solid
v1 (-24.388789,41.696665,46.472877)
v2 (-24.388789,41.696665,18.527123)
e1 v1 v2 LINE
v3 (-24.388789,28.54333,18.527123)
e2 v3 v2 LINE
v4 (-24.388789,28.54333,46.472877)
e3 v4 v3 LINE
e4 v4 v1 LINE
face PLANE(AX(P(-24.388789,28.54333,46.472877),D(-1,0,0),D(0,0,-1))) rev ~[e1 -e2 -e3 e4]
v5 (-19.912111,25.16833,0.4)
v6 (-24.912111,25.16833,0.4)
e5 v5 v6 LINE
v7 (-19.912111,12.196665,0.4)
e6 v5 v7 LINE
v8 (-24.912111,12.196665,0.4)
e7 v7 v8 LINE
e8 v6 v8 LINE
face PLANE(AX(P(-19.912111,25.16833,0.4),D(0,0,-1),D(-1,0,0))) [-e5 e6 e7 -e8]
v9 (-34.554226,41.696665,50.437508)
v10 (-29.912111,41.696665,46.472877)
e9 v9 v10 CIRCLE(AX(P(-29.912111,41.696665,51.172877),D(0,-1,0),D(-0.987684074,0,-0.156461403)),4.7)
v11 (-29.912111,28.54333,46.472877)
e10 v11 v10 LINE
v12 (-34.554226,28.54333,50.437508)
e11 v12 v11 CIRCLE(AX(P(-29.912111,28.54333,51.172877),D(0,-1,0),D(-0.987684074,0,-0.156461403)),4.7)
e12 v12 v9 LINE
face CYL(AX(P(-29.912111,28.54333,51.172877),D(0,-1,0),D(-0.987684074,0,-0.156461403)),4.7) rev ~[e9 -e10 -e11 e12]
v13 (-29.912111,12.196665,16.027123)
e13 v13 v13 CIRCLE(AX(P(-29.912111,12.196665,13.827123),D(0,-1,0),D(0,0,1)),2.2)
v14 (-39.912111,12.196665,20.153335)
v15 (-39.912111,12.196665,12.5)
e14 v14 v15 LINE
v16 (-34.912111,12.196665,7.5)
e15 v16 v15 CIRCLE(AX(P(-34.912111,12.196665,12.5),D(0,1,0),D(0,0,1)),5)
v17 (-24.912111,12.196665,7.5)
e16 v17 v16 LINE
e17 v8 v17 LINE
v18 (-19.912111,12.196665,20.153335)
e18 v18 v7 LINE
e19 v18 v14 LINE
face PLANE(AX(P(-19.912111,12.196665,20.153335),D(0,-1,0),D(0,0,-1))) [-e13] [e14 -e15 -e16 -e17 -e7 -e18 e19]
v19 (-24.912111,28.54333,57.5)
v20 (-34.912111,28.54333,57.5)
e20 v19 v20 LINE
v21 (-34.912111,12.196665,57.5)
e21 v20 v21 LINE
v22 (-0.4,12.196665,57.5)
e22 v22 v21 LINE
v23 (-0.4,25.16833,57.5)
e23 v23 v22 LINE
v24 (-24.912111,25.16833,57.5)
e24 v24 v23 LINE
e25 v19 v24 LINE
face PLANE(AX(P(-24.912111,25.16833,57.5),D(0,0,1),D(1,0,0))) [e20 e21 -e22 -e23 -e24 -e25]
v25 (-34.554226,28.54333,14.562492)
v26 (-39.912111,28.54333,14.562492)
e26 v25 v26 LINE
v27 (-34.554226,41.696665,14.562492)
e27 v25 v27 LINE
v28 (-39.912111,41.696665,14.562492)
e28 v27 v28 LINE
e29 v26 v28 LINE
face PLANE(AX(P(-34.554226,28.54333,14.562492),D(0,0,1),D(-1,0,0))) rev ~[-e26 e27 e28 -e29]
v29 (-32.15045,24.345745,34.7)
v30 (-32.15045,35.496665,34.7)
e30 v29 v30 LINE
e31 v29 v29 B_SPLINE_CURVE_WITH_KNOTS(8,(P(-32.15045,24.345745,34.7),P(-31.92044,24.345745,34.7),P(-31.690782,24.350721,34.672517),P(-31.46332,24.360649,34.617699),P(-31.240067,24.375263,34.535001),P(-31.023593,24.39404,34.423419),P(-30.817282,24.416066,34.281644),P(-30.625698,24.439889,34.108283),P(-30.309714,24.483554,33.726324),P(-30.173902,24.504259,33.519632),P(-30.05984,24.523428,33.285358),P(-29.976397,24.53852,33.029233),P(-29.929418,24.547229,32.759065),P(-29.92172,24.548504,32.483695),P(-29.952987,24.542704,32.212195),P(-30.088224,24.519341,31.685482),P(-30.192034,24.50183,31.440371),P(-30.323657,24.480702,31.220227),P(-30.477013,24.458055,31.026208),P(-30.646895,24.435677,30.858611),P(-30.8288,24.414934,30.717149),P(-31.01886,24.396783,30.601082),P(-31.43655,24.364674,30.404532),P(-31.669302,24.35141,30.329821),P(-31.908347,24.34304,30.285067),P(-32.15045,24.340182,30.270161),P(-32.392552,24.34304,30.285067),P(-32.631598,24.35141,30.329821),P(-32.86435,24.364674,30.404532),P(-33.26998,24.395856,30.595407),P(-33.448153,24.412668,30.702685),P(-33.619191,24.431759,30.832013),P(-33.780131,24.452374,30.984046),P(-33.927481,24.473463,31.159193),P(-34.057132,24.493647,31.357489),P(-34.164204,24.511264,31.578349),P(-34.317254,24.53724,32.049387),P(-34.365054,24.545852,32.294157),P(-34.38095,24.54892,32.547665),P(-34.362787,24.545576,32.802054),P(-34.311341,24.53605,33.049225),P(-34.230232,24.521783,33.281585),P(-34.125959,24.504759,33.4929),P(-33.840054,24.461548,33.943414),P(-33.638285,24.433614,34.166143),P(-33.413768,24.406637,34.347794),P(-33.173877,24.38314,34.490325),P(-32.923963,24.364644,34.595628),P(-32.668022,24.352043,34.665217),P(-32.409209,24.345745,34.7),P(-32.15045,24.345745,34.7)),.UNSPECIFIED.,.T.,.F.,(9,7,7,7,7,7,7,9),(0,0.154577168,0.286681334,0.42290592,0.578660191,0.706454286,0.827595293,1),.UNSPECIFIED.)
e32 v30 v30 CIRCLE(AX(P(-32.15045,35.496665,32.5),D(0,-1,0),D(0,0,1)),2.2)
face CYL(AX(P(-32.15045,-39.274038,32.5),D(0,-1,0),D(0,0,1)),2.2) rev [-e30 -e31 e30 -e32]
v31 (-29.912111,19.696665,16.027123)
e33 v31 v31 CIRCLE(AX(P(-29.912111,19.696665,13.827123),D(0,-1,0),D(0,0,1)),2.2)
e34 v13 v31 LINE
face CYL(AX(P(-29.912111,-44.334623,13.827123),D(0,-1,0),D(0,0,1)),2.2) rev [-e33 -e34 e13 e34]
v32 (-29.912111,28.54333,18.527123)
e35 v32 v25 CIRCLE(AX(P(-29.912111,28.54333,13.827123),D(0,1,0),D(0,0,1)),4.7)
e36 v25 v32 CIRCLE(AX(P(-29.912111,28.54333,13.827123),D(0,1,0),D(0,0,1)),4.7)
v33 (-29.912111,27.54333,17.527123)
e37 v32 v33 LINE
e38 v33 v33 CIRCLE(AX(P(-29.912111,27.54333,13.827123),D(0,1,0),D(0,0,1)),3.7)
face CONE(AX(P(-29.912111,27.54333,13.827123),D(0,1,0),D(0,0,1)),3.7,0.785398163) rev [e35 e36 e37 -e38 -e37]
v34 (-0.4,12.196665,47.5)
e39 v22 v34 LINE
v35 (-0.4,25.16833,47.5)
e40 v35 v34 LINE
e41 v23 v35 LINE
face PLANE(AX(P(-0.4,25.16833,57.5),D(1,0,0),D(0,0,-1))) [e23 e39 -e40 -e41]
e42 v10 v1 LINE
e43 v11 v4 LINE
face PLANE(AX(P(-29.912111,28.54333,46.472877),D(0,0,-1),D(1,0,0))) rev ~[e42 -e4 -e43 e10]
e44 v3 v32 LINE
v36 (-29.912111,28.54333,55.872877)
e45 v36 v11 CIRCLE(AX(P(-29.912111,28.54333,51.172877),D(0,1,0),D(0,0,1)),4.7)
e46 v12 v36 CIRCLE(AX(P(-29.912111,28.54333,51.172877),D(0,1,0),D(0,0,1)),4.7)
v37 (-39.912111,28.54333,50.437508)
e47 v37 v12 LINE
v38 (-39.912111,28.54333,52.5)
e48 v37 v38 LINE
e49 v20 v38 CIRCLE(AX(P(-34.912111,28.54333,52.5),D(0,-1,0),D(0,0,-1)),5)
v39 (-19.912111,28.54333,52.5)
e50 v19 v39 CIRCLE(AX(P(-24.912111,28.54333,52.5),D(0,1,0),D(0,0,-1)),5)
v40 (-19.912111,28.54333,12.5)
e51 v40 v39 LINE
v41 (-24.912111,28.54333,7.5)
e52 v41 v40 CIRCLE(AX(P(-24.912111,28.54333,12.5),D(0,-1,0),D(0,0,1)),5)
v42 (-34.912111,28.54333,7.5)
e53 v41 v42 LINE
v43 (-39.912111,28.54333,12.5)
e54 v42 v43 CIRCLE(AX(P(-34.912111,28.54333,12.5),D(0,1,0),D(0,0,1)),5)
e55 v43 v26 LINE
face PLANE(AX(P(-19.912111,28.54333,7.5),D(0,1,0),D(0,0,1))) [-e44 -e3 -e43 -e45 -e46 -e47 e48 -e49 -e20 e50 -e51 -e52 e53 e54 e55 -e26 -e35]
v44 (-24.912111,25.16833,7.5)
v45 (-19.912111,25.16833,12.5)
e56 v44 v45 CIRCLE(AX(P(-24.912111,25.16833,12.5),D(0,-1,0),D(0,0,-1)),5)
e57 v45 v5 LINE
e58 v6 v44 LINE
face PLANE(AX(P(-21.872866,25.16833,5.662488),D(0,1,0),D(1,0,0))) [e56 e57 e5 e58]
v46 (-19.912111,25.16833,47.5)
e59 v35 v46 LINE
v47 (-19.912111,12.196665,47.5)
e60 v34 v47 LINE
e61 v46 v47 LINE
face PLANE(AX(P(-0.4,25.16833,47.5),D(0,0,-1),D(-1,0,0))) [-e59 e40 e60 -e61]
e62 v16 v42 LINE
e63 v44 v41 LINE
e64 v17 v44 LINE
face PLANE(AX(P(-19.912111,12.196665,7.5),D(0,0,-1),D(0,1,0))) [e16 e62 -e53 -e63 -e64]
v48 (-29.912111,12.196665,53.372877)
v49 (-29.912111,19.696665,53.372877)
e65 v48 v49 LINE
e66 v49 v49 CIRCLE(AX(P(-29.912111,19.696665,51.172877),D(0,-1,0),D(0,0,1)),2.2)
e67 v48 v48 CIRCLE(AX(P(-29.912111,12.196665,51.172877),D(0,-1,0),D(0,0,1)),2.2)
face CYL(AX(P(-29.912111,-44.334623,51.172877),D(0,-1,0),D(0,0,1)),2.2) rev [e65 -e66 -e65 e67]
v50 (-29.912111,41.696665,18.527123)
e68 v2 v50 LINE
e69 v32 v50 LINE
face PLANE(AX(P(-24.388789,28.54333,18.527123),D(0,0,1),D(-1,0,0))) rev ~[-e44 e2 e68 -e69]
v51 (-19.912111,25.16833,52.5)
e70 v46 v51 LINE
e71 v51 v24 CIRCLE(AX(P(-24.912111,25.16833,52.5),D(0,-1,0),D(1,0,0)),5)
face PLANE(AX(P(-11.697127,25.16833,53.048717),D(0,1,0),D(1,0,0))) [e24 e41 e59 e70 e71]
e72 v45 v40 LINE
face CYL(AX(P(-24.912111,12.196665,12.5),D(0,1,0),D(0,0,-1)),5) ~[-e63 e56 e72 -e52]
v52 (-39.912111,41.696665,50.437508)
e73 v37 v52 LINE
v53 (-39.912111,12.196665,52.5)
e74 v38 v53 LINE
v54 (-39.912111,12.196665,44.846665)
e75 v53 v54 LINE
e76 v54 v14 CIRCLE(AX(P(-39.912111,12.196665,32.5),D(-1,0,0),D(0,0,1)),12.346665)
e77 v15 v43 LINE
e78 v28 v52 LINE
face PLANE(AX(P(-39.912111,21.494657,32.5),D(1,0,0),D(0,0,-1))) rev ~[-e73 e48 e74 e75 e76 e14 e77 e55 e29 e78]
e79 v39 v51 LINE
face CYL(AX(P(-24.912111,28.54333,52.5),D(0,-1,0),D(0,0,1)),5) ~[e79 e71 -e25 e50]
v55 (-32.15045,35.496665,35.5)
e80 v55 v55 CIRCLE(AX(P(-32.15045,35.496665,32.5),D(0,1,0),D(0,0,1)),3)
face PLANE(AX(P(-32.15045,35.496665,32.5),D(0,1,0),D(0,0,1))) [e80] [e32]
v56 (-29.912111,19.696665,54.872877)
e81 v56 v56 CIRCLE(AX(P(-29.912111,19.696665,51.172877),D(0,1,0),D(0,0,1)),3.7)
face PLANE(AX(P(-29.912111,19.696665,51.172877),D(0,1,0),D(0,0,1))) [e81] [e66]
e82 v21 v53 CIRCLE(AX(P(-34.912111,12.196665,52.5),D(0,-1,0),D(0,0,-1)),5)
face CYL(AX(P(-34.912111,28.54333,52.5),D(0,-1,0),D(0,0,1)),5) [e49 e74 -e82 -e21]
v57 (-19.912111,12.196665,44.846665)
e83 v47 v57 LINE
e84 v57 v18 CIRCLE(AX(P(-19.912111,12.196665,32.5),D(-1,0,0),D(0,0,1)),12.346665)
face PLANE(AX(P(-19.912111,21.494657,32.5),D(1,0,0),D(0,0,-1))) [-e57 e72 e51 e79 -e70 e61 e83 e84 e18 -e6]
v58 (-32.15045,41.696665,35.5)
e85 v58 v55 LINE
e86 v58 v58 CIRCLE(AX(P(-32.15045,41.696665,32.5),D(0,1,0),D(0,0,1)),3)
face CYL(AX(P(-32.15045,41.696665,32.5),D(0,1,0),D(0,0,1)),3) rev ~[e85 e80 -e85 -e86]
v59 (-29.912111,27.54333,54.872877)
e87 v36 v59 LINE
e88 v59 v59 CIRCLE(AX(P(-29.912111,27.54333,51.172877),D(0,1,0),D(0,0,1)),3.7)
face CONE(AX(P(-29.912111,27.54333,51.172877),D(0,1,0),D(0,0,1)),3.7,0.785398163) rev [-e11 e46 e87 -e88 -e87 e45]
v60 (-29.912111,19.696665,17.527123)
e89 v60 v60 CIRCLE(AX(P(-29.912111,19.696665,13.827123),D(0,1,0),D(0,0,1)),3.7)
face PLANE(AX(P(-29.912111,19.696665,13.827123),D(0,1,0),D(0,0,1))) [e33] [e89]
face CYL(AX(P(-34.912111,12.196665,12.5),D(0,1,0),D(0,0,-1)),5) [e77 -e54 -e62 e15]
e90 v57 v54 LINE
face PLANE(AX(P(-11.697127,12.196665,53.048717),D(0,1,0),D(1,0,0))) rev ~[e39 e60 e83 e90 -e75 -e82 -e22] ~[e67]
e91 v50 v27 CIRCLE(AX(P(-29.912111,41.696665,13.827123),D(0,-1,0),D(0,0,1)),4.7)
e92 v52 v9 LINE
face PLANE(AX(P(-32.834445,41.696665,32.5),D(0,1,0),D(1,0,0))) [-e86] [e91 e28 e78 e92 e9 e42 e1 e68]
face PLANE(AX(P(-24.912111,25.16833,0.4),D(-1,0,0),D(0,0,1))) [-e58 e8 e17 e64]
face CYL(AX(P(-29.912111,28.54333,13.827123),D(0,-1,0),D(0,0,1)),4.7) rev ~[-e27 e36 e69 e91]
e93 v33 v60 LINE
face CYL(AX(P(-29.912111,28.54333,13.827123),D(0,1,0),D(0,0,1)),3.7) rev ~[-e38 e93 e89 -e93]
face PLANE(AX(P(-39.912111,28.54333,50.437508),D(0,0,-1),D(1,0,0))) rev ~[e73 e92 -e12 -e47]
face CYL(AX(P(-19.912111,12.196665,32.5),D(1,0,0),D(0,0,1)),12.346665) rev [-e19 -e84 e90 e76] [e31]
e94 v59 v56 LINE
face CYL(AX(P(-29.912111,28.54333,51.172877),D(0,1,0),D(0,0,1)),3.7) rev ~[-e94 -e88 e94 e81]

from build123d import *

# Parameters (mm, degrees)
BOSS_EXTRUDE1_DEPTH     = 20
FILLET1_R               = 5
CUT_EXTRUDE1_DEPTH      = 72.877952398
CUT_EXTRUDE1_DEPTH_BACK = 72.877952398
SKETCH2_R               = 2.2
SKETCH3_R               = 3.7
CUT_EXTRUDE2_DEPTH      = 8.846664929
CHAMFER2_SIZE           = 1
BOSS_EXTRUDE2_START     = -3.375
BOSS_EXTRUDE2_DEPTH     = 12.971664929
BOSS_EXTRUDE3_DEPTH     = 13.153335071
SKETCH6_R               = 3
CUT_EXTRUDE3_DEPTH      = 6.2
CUT_EXTRUDE4_DEPTH      = 74.770702766
CUT_EXTRUDE4_DEPTH_BACK = 74.770702766
SKETCH7_R               = 2.2


with BuildPart() as part:
    # Sketch1 → Boss-Extrude1 (new body)
    with BuildSketch(Plane(origin=(-19.912110777, 0, 0), x_dir=(0, 0, -1), z_dir=(1, 0, 0))):
        with BuildLine():
            Line((-52.5, 12.196664929), (-44.846664929, 12.196664929))
            ThreePointArc((-44.846664929, 12.196664929), (-32.5, 24.543329858), (-20.153335071, 12.196664929))
            Line((-20.153335071, 12.196664929), (-7.5, 12.196664929))
            Line((-7.5, 12.196664929), (-7.5, 28.543329858))
            Line((-7.5, 28.543329858), (-57.5, 28.543329858))
            Line((-57.5, 28.543329858), (-57.5, 12.196664929))
            Line((-57.5, 12.196664929), (-52.5, 12.196664929))
        make_face()
    extrude(amount=-BOSS_EXTRUDE1_DEPTH)

    # Fillet1
    fillet1_edges = [part.edges().sort_by_distance(p)[0] for p in [
        (-39.912110777, 20.369997393, 7.5),
        (-39.912110777, 20.369997393, 57.5),
        (-19.912110777, 20.369997393, 57.5),
        (-19.912110777, 20.369997393, 7.5),
    ]]
    fillet(fillet1_edges, radius=FILLET1_R)

    # Sketch2 → Cut-Extrude1 (cut, two sides: drawn at the far end of the back side and taken through both)
    with BuildSketch(Plane(origin=(0, 28.543329858, 0), x_dir=(1, 0, 0), z_dir=(0, 1, 0)).offset(-CUT_EXTRUDE1_DEPTH_BACK)):
        with Locations(Location((-29.912110777, -51.172876859, 0), (0, 0, 270))):
            Circle(SKETCH2_R)
        with Locations(Location((-29.912110777, -13.827123141, 0), (0, 0, 270))):
            Circle(SKETCH2_R)
    extrude(amount=CUT_EXTRUDE1_DEPTH + CUT_EXTRUDE1_DEPTH_BACK, mode=Mode.SUBTRACT)

    # Sketch3 → Cut-Extrude2 (cut)
    with BuildSketch(Plane(origin=(0, 28.543329858, 0), x_dir=(1, 0, 0), z_dir=(0, 1, 0))):
        with Locations(Location((-29.912110777, -51.172876859, 0), (0, 0, 270))):
            Circle(SKETCH3_R)
        with Locations(Location((-29.912110777, -13.827123141, 0), (0, 0, 270))):
            Circle(SKETCH3_R)
    extrude(amount=-CUT_EXTRUDE2_DEPTH, mode=Mode.SUBTRACT)

    # Chamfer2
    chamfer2_edges = [part.edges().sort_by_distance(p)[0] for p in [
        (-29.912110777, 28.543329858, 47.472876859),
        (-29.912110777, 28.543329858, 10.127123141),
    ]]
    chamfer(chamfer2_edges, length=CHAMFER2_SIZE)

    # Sketch4 → Boss-Extrude2 (add)
    with BuildSketch(Plane(origin=(0, 28.543329858, 0), x_dir=(1, 0, 0), z_dir=(0, 1, 0)).offset(BOSS_EXTRUDE2_START)):
        with BuildLine():
            Line((-0.4, -47.5), (-19.912110777, -47.5))
            Line((-19.912110777, -47.5), (-19.912110777, -52.5))
            ThreePointArc((-19.912110777, -52.5), (-21.376576871, -56.035533906), (-24.912110777, -57.5))
            Line((-24.912110777, -57.5), (-0.4, -57.5))
            Line((-0.4, -57.5), (-0.4, -47.5))
        make_face()
        with BuildLine():
            Line((-19.912110777, -0.4), (-24.912110777, -0.4))
            Line((-24.912110777, -0.4), (-24.912110777, -7.5))
            ThreePointArc((-24.912110777, -7.5), (-21.376576871, -8.964466094), (-19.912110777, -12.5))
            Line((-19.912110777, -12.5), (-19.912110777, -0.4))
        make_face()
    extrude(amount=-BOSS_EXTRUDE2_DEPTH)

    # Sketch5 → Boss-Extrude3 (add)
    with BuildSketch(Plane(origin=(0, 28.543329858, 0), x_dir=(1, 0, 0), z_dir=(0, 1, 0))):
        with BuildLine():
            Line((-29.912110777, -46.472876859), (-24.38878903, -46.472876859))
            Line((-24.38878903, -46.472876859), (-24.38878903, -18.527123141))
            Line((-24.38878903, -18.527123141), (-29.912110777, -18.527123141))
            ThreePointArc((-29.912110777, -18.527123141), (-32.964467867, -17.401072804), (-34.554225923, -14.562491734))
            Line((-34.554225923, -14.562491734), (-39.912110777, -14.562491734))
            Line((-39.912110777, -14.562491734), (-39.912110777, -50.437508266))
            Line((-39.912110777, -50.437508266), (-34.554225923, -50.437508266))
            ThreePointArc((-34.554225923, -50.437508266), (-32.964467867, -47.598927196), (-29.912110777, -46.472876859))
        make_face()
    extrude(amount=BOSS_EXTRUDE3_DEPTH)

    # Sketch6 → Cut-Extrude3 (cut)
    with BuildSketch(Plane(origin=(0, 41.696664929, 0), x_dir=(1, 0, 0), z_dir=(0, 1, 0))):
        with Locations(Location((-32.150449903, -32.5, 0), (0, 0, 270))):
            Circle(SKETCH6_R)
    extrude(amount=-CUT_EXTRUDE3_DEPTH, mode=Mode.SUBTRACT)

    # Sketch7 → Cut-Extrude4 (cut, two sides: drawn at the far end of the back side and taken through both)
    with BuildSketch(Plane(origin=(0, 35.496664929, 0), x_dir=(1, 0, 0), z_dir=(0, 1, 0)).offset(-CUT_EXTRUDE4_DEPTH_BACK)):
        with Locations(Location((-32.150449903, -32.5, 0), (0, 0, 270))):
            Circle(SKETCH7_R)
    extrude(amount=CUT_EXTRUDE4_DEPTH + CUT_EXTRUDE4_DEPTH_BACK, mode=Mode.SUBTRACT)


solid = part.part
